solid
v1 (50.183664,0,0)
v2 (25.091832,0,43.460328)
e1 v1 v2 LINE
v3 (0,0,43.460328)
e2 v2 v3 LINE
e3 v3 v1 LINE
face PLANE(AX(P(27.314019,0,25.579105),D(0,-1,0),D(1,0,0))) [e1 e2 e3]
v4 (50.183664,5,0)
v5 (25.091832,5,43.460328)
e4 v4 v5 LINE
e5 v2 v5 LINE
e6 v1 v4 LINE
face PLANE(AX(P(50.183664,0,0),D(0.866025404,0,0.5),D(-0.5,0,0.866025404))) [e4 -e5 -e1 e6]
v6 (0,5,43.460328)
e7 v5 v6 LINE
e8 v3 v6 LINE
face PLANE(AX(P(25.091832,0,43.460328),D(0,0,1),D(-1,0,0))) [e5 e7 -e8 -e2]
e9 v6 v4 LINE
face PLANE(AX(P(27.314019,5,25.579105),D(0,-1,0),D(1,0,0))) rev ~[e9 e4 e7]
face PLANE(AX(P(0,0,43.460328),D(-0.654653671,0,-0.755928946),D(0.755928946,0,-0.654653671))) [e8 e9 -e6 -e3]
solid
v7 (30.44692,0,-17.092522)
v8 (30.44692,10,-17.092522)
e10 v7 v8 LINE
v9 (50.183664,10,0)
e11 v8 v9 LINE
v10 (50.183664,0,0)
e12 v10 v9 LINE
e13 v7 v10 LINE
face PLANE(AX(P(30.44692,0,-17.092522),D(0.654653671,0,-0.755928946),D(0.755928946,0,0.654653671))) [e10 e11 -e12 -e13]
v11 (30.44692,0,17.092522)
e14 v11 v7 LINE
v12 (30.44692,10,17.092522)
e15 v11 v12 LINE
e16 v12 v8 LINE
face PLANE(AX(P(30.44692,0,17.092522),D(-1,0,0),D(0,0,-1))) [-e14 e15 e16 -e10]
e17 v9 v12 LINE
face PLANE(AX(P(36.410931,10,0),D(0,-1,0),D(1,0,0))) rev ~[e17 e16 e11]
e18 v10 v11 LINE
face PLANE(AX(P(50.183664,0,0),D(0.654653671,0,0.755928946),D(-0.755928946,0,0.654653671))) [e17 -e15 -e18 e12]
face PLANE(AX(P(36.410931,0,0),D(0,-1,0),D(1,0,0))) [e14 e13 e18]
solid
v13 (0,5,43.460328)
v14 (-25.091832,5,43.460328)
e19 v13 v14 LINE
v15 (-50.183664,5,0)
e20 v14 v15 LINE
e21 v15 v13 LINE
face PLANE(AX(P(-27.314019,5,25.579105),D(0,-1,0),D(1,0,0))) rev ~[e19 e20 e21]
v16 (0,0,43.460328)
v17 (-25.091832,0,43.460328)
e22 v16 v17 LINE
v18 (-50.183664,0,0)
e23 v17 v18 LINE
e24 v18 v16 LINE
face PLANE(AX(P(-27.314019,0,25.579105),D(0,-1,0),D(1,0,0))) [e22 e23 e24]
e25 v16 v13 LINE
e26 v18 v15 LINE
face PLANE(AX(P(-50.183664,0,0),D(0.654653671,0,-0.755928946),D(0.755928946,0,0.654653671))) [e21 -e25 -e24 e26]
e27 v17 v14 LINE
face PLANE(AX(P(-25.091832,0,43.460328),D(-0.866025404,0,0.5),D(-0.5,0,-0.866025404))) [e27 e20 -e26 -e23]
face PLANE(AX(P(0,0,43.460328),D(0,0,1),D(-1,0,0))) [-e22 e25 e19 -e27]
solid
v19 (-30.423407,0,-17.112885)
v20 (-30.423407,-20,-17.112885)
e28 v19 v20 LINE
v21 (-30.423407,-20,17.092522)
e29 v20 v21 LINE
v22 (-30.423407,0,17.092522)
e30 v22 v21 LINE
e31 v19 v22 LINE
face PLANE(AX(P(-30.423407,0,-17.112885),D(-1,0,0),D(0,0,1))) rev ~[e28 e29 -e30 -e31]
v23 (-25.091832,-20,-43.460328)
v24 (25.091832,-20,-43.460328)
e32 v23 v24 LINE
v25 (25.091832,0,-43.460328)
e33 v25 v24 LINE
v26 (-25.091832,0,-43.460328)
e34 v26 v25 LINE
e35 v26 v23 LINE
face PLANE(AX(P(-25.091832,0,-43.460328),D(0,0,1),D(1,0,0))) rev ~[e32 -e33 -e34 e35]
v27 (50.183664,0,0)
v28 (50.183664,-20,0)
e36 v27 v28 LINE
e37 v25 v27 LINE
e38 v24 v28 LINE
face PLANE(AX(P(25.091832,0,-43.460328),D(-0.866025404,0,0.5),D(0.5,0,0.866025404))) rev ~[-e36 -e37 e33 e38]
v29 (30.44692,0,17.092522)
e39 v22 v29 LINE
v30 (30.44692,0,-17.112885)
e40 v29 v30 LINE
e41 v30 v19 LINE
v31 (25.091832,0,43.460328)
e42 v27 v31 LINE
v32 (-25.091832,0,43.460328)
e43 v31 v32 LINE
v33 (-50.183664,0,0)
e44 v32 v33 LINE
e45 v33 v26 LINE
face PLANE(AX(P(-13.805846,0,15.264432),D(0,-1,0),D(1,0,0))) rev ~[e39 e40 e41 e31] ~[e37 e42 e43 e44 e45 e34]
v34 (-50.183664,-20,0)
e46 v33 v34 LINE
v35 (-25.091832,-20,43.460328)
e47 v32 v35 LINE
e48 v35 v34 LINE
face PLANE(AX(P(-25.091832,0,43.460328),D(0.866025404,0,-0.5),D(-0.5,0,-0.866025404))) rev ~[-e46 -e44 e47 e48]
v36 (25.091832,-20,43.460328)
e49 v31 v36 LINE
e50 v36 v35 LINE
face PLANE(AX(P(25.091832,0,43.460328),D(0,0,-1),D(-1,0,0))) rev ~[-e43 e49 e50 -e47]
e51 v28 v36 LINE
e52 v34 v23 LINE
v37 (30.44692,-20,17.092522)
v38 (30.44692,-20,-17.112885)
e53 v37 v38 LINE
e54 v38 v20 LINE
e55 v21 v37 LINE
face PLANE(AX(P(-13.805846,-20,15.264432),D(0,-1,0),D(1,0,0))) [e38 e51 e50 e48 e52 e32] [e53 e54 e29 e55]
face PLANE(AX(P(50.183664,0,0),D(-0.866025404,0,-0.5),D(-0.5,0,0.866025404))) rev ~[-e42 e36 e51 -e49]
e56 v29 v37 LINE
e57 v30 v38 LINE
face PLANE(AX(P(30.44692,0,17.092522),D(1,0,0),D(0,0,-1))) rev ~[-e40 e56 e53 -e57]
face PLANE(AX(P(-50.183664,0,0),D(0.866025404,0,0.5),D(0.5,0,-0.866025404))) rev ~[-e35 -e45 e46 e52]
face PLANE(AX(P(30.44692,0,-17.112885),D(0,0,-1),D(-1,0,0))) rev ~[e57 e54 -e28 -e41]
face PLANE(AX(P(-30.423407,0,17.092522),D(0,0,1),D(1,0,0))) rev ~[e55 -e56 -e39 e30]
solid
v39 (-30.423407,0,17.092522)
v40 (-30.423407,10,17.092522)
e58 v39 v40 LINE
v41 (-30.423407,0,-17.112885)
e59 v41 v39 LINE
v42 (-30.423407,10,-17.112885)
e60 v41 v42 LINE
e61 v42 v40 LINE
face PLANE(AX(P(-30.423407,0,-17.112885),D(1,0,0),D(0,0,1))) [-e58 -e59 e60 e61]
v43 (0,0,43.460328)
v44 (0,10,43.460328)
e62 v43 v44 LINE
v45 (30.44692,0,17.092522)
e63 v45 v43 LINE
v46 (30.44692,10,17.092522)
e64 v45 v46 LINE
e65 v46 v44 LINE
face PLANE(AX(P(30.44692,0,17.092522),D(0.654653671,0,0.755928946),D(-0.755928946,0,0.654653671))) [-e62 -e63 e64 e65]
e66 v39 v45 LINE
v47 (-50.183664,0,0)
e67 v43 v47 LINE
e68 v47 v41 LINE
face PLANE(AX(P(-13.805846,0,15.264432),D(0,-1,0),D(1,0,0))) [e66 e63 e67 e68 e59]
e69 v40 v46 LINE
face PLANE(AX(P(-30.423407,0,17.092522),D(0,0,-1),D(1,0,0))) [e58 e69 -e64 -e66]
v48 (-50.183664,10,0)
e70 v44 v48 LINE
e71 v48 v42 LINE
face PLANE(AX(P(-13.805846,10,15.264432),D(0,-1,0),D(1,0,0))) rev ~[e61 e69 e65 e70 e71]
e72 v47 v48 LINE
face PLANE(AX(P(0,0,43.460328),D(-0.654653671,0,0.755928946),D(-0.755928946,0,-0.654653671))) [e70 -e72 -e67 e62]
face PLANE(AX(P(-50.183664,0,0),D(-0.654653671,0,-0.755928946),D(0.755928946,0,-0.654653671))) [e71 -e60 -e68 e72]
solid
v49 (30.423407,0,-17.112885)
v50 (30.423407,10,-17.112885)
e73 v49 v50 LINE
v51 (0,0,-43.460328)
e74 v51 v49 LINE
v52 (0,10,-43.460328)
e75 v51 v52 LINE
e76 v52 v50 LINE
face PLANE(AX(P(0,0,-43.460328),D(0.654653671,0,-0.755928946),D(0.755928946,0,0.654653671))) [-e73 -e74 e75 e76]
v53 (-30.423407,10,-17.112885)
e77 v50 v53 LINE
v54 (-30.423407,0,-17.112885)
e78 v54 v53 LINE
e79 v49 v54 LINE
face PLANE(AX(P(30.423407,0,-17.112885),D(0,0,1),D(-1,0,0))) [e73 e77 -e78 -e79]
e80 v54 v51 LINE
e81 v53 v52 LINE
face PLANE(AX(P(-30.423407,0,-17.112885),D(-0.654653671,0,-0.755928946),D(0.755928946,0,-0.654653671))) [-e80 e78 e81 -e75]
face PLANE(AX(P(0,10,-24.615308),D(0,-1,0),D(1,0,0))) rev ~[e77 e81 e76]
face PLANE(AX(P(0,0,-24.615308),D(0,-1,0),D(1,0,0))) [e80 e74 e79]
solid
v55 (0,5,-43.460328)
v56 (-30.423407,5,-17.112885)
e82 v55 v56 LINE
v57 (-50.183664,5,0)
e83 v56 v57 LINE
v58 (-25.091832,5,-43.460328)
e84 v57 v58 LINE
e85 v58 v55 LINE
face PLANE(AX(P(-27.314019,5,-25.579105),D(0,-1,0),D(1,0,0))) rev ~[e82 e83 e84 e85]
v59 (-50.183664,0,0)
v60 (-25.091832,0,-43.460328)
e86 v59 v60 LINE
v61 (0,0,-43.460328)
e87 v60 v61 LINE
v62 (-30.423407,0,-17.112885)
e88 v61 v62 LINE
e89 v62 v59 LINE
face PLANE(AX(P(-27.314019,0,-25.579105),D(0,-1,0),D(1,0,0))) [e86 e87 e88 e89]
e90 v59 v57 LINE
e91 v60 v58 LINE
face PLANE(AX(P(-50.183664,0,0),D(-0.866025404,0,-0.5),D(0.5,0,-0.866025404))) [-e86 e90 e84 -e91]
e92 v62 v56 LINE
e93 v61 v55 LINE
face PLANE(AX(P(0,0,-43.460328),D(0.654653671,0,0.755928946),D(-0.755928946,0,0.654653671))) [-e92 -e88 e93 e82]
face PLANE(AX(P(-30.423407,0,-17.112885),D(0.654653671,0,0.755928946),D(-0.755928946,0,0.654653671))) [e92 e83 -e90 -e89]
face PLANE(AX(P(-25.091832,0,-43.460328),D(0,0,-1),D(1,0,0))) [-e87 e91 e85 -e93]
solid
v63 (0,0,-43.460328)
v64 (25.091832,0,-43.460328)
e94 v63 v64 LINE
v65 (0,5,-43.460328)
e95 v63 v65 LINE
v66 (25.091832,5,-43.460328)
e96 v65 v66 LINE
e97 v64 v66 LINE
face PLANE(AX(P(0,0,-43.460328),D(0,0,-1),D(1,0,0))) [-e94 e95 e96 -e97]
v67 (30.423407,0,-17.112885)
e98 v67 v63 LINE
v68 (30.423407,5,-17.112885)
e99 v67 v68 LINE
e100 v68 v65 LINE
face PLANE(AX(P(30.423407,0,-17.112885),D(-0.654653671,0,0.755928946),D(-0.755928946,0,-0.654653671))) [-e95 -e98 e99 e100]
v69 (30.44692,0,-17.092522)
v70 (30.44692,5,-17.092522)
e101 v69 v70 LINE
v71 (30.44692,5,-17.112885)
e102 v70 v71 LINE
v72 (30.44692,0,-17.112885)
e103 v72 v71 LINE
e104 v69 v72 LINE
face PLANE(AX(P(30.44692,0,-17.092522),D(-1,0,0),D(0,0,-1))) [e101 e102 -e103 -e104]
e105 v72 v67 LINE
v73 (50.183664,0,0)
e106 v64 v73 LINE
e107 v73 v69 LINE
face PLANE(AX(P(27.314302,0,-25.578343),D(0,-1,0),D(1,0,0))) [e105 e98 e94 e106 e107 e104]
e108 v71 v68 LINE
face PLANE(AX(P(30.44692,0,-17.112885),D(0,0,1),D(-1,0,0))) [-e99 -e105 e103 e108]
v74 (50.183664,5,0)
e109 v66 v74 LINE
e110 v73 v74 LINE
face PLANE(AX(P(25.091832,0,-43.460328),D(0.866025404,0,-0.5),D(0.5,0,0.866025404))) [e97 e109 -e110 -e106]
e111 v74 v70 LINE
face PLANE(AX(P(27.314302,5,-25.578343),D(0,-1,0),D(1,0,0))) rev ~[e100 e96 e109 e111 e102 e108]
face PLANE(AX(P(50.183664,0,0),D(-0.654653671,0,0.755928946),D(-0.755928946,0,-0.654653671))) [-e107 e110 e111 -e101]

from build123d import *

# Parameters (mm, degrees)
F1_DEPTH = 20
F2_DEPTH = 10
F3_DEPTH = 5


with BuildPart() as f1:
    # F0 (on Front) → F1 (new body)
    with BuildSketch(Plane.XZ):
        Polygon((30.4469198259, 17.0925220957), (0, 43.4603281319), (-50.1836642921, 0), (-30.4234071336, -17.1128846846), (-30.4234071336, 17.0925220957), align=None)
        Polygon((0, 43.4603281319), (-25.091832146, 43.4603281319), (-50.1836642921, 0), align=None)
        Polygon((25.091832146, 43.4603281319), (0, 43.4603281319), (30.4469198259, 17.0925220957), (50.1836642921, 0), align=None)
        Polygon((50.1836642921, 0), (30.4469198259, 17.0925220957), (30.4469198259, -17.0925220957), align=None)
        Polygon((25.091832146, -43.4603281319), (50.1836642921, 0), (30.4469198259, -17.0925220957), (30.4469198259, -17.1128846846), (30.4234071336, -17.1128846846), (0, -43.4603281319), align=None)
        Polygon((-30.4234071336, -17.1128846846), (-50.1836642921, 0), (-25.091832146, -43.4603281319), (0, -43.4603281319), align=None)
        Polygon((30.4234071336, -17.1128846846), (-30.4234071336, -17.1128846846), (0, -43.4603281319), align=None)
    extrude(amount=F1_DEPTH)


with BuildPart() as f2:
    # F0 (on Front) → F2 (new body)
    with BuildSketch(Plane.XZ):
        Polygon((30.4234071336, -17.1128846846), (-30.4234071336, -17.1128846846), (0, -43.4603281319), align=None)
    extrude(amount=-F2_DEPTH)


with BuildPart() as f2b:
    # F0 (on Front) → F2, piece 2 (new body)
    with BuildSketch(Plane.XZ):
        Polygon((50.1836642921, 0), (30.4469198259, 17.0925220957), (30.4469198259, -17.0925220957), align=None)
    extrude(amount=-F2_DEPTH)


with BuildPart() as f2c:
    # F0 (on Front) → F2, piece 3 (new body)
    with BuildSketch(Plane.XZ):
        Polygon((30.4469198259, 17.0925220957), (0, 43.4603281319), (-50.1836642921, 0), (-30.4234071336, -17.1128846846), (-30.4234071336, 17.0925220957), align=None)
    extrude(amount=-F2_DEPTH)


with BuildPart() as f3:
    # F0 (on Front) → F3 (new body)
    with BuildSketch(Plane.XZ):
        Polygon((0, 43.4603281319), (-25.091832146, 43.4603281319), (-50.1836642921, 0), align=None)
    extrude(amount=-F3_DEPTH)


with BuildPart() as f3b:
    # F0 (on Front) → F3, piece 2 (new body)
    with BuildSketch(Plane.XZ):
        Polygon((25.091832146, 43.4603281319), (0, 43.4603281319), (30.4469198259, 17.0925220957), (50.1836642921, 0), align=None)
    extrude(amount=-F3_DEPTH)


with BuildPart() as f3c:
    # F0 (on Front) → F3, piece 3 (new body)
    with BuildSketch(Plane.XZ):
        Polygon((-30.4234071336, -17.1128846846), (-50.1836642921, 0), (-25.091832146, -43.4603281319), (0, -43.4603281319), align=None)
    extrude(amount=-F3_DEPTH)


with BuildPart() as f3d:
    # F0 (on Front) → F3, piece 4 (new body)
    with BuildSketch(Plane.XZ):
        Polygon((25.091832146, -43.4603281319), (50.1836642921, 0), (30.4469198259, -17.0925220957), (30.4469198259, -17.1128846846), (30.4234071336, -17.1128846846), (0, -43.4603281319), align=None)
    extrude(amount=-F3_DEPTH)


solid = Compound([f1.part, f2.part, f2b.part, f2c.part, f3.part, f3b.part, f3c.part, f3d.part])
